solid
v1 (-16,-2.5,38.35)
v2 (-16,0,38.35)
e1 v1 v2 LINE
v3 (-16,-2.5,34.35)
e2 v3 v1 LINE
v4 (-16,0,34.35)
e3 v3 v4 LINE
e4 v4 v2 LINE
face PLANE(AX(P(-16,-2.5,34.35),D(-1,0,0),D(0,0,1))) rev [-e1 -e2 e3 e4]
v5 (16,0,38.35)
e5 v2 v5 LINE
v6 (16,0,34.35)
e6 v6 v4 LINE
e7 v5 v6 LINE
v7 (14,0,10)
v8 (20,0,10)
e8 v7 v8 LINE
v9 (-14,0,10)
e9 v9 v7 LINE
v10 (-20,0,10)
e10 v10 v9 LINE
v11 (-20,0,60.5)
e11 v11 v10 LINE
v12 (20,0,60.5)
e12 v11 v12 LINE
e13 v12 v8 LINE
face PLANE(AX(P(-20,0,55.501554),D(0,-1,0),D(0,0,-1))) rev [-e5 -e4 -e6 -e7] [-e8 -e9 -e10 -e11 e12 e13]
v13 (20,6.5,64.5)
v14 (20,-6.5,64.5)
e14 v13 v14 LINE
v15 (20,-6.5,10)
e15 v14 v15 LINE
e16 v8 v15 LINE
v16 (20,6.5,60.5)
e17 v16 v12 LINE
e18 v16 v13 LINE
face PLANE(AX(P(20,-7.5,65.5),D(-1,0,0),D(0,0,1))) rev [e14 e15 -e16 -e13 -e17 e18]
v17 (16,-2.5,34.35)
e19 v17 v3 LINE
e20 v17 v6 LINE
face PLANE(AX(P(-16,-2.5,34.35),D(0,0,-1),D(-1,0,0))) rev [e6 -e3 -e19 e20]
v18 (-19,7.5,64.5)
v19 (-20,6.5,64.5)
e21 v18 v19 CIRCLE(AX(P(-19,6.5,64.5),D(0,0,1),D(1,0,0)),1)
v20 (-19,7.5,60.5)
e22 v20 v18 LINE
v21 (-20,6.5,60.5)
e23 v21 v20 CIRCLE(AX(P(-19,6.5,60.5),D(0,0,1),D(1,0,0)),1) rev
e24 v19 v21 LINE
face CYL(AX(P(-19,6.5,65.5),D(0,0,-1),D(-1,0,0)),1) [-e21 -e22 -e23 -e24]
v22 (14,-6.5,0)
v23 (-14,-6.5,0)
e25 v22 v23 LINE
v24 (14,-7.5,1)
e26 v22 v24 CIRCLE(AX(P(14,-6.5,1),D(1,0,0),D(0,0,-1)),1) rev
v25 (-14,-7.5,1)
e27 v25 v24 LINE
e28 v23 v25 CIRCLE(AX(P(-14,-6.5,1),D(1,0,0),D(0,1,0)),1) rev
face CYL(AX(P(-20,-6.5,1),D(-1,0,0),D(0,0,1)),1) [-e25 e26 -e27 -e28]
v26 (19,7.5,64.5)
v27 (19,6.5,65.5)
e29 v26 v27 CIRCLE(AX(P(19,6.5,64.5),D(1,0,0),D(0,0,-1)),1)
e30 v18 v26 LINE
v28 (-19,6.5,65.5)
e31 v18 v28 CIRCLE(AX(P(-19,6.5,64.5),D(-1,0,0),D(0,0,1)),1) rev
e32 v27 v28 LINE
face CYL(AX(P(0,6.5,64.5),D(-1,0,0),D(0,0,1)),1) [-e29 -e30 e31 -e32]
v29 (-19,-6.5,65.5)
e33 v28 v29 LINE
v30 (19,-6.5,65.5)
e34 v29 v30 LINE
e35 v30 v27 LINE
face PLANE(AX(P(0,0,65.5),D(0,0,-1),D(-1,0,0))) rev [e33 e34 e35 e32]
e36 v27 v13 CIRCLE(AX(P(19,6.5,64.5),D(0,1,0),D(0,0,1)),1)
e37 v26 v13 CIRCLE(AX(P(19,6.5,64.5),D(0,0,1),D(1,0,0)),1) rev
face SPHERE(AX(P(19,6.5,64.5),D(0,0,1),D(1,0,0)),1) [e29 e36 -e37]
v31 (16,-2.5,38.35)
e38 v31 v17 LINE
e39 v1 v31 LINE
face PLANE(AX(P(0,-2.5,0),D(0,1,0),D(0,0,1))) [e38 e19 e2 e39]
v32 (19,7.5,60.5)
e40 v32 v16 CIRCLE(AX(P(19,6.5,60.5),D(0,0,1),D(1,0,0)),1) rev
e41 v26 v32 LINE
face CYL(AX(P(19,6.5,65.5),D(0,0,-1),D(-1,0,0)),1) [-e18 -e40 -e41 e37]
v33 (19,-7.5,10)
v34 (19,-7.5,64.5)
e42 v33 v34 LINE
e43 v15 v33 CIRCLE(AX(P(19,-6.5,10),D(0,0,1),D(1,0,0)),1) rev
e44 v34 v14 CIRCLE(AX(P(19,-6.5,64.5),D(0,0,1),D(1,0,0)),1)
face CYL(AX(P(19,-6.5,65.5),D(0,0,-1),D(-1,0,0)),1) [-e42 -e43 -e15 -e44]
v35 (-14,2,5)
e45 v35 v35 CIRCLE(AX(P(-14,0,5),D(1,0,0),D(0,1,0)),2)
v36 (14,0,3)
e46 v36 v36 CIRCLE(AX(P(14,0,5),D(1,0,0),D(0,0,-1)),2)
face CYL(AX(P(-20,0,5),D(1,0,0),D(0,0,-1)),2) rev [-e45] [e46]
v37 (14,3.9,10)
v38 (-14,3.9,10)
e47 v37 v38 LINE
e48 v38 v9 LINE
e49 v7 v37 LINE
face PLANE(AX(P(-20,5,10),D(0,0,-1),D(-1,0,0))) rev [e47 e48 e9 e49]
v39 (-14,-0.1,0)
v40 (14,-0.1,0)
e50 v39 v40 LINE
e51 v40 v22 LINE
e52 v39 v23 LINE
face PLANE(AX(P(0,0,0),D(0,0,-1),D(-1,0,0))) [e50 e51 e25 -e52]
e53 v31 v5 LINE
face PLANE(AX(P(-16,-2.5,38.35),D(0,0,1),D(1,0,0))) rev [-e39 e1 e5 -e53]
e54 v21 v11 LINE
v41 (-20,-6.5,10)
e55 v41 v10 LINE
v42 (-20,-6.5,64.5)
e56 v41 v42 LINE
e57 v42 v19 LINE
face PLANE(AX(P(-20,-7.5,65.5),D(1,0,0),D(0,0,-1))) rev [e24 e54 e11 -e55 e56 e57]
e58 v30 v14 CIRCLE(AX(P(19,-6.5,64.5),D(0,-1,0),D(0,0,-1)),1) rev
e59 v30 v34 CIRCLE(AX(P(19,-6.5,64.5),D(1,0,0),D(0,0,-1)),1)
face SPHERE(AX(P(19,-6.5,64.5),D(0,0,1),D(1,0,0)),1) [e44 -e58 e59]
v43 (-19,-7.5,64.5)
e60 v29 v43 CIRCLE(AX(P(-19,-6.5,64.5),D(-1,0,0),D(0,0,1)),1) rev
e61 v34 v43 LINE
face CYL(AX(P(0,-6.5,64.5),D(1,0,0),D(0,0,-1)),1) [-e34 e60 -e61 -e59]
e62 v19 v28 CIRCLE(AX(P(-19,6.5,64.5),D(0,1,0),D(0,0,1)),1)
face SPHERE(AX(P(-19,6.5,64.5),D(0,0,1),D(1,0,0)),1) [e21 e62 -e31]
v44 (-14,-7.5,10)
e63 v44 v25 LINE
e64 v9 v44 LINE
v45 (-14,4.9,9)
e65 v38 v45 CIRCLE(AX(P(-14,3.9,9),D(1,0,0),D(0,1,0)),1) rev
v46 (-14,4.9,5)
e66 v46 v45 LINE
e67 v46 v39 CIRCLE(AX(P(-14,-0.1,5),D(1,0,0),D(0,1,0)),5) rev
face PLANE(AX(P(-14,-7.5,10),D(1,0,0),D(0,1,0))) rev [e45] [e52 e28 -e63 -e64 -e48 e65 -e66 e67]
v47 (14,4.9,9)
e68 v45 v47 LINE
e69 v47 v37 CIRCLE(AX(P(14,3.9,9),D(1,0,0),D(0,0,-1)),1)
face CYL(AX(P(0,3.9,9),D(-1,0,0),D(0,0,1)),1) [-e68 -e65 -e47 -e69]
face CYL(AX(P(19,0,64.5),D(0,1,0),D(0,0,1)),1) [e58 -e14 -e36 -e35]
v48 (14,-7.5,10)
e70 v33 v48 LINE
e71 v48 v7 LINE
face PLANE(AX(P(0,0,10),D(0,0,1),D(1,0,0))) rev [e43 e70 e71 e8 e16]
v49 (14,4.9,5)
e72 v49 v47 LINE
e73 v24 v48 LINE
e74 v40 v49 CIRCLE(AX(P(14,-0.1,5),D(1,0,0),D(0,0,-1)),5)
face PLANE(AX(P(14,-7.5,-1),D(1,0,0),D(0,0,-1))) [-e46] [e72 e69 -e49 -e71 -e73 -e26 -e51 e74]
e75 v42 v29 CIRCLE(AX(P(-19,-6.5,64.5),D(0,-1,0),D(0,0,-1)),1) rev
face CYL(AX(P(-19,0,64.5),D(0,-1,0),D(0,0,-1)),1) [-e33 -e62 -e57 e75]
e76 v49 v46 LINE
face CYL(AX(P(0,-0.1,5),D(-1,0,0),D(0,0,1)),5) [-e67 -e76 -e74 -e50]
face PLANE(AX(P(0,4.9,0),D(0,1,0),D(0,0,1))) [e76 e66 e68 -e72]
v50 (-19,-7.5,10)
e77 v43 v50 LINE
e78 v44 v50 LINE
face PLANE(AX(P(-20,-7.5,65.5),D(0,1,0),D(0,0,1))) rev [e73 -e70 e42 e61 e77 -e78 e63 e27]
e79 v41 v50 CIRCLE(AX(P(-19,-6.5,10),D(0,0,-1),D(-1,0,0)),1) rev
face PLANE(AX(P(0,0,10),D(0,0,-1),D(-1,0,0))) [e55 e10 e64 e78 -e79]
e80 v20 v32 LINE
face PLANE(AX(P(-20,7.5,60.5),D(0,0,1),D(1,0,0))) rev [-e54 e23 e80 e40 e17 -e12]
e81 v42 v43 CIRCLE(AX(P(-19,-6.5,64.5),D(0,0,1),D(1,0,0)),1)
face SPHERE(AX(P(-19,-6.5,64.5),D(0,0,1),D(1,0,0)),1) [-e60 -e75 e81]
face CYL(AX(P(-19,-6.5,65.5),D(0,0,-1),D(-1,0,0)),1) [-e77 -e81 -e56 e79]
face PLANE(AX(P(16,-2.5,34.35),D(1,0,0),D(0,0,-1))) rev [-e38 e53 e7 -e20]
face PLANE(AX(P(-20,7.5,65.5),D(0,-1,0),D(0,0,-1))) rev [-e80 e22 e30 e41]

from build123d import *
from OCP.BRepFilletAPI import BRepFilletAPI_MakeFillet

# Parameters (mm, degrees)
CROQUIS2_W                 = 40
CROQUIS2_H                 = 15
SALIENTE_EXTRUIR1_DEPTH    = 65.5
REDONDEO1_R                = 1
CORTAR_EXTRUIR1_DEPTH      = 40
CORTAR_EXTRUIR4_DEPTH      = 1
CORTAR_EXTRUIR4_DEPTH_BACK = 10
CROQUIS9_W                 = 6
CROQUIS9_H                 = 15
CROQUIS10_W                = 6
CROQUIS10_H                = 15
CORTAR_EXTRUIR5_DEPTH      = 10
CROQUIS7_R                 = 2
CORTAR_EXTRUIR6_DEPTH      = 40
CROQUIS14_W                = 40.000001659
CROQUIS14_H                = 60.5
CORTAR_EXTRUIR9_DEPTH      = 2.6
REDONDEO5_R1               = 5
REDONDEO5_R2               = 1
CROQUIS16_W                = 32
CROQUIS16_H                = 4
CORTAR_EXTRUIR10_DEPTH     = 2.5


with BuildPart() as part:
    # Croquis2 → Saliente-Extruir1 (new body)
    with BuildSketch(Plane.XY):
        Rectangle(CROQUIS2_W, CROQUIS2_H)
    extrude(amount=SALIENTE_EXTRUIR1_DEPTH)

    # Redondeo1
    redondeo1_edges = [part.edges().sort_by_distance(p)[0] for p in [
        (-20, 0, 65.5),
        (0, -7.5, 65.5),
        (20, 0, 65.5),
        (0, -7.5, 0),
        (-20, 0, 0),
        (0, 7.5, 0),
        (20, 0, 0),
        (0, 7.5, 65.5),
        (20, -7.5, 32.75),
        (-20, -7.5, 32.75),
        (-20, 7.5, 32.75),
        (20, 7.5, 32.75),
    ]]
    fillet(redondeo1_edges, radius=REDONDEO1_R)

    # Croquis6 → Cortar-Extruir1 (cut)
    with BuildSketch(Plane(origin=(20, 0, 0), x_dir=(0, 0, -1), z_dir=(1, 0, 0))):
        Polygon((-60.5, 7.5), (-60.5, 0), (-55.501553512, 0), (-10, 0), (-10, 5), (-10, 7.5), align=None)
    extrude(amount=-CORTAR_EXTRUIR1_DEPTH, mode=Mode.SUBTRACT)

    # Croquis9 → Cortar-Extruir4 (cut, two sides: drawn at the far end of the back side and taken through both)
    with BuildSketch(Plane(origin=(0, 0, 0), x_dir=(-1, 0, 0), z_dir=(0, 0, -1)).offset(-CORTAR_EXTRUIR4_DEPTH_BACK)):
        with Locations((-17, 0)):
            Rectangle(CROQUIS9_W, CROQUIS9_H)
    extrude(amount=CORTAR_EXTRUIR4_DEPTH + CORTAR_EXTRUIR4_DEPTH_BACK, mode=Mode.SUBTRACT)

    # Croquis10 → Cortar-Extruir5 (cut)
    with BuildSketch(Plane(origin=(0, 0, 0), x_dir=(-1, 0, 0), z_dir=(0, 0, -1))):
        with Locations((17, 0)):
            Rectangle(CROQUIS10_W, CROQUIS10_H)
    extrude(amount=-CORTAR_EXTRUIR5_DEPTH, mode=Mode.SUBTRACT)

    # Croquis7 → Cortar-Extruir6 (cut)
    with BuildSketch(Plane(origin=(20, 0, 0), x_dir=(0, 0, -1), z_dir=(1, 0, 0))):
        with Locations((-5, 0)):
            Circle(CROQUIS7_R)
    extrude(amount=-CORTAR_EXTRUIR6_DEPTH, mode=Mode.SUBTRACT)

    # Croquis14 → Cortar-Extruir9 (cut)
    with BuildSketch(Plane(origin=(0, 7.5, 0), x_dir=(1, 0, 0), z_dir=(0, 1, 0))):
        with Locations((8.3e-07, -30.25)):
            Rectangle(CROQUIS14_W, CROQUIS14_H)
    extrude(amount=-CORTAR_EXTRUIR9_DEPTH, mode=Mode.SUBTRACT)

    # Redondeo5: one fillet with a radius per group of edges: ONE call of the kernel's fillet builder (fillet() takes one radius for all edges)
    redondeo5_edges_1 = [part.edges().sort_by_distance(p)[0] for p in [
        (0, 4.9, 0),
    ]]
    redondeo5_edges_2 = [part.edges().sort_by_distance(p)[0] for p in [
        (0, 4.9, 10),
    ]]
    redondeo5 = BRepFilletAPI_MakeFillet(part.part.solid().wrapped)
    for e in redondeo5_edges_1:
        redondeo5.Add(REDONDEO5_R1, e.wrapped)
    for e in redondeo5_edges_2:
        redondeo5.Add(REDONDEO5_R2, e.wrapped)
    add(Compound.cast(redondeo5.Shape()), mode=Mode.REPLACE)

    # Croquis16 → Cortar-Extruir10 (cut)
    with BuildSketch(Plane(origin=(0, 0, 0), x_dir=(1, 0, 0), z_dir=(0, 1, 0))):
        with Locations((0, -36.35)):
            Rectangle(CROQUIS16_W, CROQUIS16_H)
    extrude(amount=-CORTAR_EXTRUIR10_DEPTH, mode=Mode.SUBTRACT)


solid = part.part
